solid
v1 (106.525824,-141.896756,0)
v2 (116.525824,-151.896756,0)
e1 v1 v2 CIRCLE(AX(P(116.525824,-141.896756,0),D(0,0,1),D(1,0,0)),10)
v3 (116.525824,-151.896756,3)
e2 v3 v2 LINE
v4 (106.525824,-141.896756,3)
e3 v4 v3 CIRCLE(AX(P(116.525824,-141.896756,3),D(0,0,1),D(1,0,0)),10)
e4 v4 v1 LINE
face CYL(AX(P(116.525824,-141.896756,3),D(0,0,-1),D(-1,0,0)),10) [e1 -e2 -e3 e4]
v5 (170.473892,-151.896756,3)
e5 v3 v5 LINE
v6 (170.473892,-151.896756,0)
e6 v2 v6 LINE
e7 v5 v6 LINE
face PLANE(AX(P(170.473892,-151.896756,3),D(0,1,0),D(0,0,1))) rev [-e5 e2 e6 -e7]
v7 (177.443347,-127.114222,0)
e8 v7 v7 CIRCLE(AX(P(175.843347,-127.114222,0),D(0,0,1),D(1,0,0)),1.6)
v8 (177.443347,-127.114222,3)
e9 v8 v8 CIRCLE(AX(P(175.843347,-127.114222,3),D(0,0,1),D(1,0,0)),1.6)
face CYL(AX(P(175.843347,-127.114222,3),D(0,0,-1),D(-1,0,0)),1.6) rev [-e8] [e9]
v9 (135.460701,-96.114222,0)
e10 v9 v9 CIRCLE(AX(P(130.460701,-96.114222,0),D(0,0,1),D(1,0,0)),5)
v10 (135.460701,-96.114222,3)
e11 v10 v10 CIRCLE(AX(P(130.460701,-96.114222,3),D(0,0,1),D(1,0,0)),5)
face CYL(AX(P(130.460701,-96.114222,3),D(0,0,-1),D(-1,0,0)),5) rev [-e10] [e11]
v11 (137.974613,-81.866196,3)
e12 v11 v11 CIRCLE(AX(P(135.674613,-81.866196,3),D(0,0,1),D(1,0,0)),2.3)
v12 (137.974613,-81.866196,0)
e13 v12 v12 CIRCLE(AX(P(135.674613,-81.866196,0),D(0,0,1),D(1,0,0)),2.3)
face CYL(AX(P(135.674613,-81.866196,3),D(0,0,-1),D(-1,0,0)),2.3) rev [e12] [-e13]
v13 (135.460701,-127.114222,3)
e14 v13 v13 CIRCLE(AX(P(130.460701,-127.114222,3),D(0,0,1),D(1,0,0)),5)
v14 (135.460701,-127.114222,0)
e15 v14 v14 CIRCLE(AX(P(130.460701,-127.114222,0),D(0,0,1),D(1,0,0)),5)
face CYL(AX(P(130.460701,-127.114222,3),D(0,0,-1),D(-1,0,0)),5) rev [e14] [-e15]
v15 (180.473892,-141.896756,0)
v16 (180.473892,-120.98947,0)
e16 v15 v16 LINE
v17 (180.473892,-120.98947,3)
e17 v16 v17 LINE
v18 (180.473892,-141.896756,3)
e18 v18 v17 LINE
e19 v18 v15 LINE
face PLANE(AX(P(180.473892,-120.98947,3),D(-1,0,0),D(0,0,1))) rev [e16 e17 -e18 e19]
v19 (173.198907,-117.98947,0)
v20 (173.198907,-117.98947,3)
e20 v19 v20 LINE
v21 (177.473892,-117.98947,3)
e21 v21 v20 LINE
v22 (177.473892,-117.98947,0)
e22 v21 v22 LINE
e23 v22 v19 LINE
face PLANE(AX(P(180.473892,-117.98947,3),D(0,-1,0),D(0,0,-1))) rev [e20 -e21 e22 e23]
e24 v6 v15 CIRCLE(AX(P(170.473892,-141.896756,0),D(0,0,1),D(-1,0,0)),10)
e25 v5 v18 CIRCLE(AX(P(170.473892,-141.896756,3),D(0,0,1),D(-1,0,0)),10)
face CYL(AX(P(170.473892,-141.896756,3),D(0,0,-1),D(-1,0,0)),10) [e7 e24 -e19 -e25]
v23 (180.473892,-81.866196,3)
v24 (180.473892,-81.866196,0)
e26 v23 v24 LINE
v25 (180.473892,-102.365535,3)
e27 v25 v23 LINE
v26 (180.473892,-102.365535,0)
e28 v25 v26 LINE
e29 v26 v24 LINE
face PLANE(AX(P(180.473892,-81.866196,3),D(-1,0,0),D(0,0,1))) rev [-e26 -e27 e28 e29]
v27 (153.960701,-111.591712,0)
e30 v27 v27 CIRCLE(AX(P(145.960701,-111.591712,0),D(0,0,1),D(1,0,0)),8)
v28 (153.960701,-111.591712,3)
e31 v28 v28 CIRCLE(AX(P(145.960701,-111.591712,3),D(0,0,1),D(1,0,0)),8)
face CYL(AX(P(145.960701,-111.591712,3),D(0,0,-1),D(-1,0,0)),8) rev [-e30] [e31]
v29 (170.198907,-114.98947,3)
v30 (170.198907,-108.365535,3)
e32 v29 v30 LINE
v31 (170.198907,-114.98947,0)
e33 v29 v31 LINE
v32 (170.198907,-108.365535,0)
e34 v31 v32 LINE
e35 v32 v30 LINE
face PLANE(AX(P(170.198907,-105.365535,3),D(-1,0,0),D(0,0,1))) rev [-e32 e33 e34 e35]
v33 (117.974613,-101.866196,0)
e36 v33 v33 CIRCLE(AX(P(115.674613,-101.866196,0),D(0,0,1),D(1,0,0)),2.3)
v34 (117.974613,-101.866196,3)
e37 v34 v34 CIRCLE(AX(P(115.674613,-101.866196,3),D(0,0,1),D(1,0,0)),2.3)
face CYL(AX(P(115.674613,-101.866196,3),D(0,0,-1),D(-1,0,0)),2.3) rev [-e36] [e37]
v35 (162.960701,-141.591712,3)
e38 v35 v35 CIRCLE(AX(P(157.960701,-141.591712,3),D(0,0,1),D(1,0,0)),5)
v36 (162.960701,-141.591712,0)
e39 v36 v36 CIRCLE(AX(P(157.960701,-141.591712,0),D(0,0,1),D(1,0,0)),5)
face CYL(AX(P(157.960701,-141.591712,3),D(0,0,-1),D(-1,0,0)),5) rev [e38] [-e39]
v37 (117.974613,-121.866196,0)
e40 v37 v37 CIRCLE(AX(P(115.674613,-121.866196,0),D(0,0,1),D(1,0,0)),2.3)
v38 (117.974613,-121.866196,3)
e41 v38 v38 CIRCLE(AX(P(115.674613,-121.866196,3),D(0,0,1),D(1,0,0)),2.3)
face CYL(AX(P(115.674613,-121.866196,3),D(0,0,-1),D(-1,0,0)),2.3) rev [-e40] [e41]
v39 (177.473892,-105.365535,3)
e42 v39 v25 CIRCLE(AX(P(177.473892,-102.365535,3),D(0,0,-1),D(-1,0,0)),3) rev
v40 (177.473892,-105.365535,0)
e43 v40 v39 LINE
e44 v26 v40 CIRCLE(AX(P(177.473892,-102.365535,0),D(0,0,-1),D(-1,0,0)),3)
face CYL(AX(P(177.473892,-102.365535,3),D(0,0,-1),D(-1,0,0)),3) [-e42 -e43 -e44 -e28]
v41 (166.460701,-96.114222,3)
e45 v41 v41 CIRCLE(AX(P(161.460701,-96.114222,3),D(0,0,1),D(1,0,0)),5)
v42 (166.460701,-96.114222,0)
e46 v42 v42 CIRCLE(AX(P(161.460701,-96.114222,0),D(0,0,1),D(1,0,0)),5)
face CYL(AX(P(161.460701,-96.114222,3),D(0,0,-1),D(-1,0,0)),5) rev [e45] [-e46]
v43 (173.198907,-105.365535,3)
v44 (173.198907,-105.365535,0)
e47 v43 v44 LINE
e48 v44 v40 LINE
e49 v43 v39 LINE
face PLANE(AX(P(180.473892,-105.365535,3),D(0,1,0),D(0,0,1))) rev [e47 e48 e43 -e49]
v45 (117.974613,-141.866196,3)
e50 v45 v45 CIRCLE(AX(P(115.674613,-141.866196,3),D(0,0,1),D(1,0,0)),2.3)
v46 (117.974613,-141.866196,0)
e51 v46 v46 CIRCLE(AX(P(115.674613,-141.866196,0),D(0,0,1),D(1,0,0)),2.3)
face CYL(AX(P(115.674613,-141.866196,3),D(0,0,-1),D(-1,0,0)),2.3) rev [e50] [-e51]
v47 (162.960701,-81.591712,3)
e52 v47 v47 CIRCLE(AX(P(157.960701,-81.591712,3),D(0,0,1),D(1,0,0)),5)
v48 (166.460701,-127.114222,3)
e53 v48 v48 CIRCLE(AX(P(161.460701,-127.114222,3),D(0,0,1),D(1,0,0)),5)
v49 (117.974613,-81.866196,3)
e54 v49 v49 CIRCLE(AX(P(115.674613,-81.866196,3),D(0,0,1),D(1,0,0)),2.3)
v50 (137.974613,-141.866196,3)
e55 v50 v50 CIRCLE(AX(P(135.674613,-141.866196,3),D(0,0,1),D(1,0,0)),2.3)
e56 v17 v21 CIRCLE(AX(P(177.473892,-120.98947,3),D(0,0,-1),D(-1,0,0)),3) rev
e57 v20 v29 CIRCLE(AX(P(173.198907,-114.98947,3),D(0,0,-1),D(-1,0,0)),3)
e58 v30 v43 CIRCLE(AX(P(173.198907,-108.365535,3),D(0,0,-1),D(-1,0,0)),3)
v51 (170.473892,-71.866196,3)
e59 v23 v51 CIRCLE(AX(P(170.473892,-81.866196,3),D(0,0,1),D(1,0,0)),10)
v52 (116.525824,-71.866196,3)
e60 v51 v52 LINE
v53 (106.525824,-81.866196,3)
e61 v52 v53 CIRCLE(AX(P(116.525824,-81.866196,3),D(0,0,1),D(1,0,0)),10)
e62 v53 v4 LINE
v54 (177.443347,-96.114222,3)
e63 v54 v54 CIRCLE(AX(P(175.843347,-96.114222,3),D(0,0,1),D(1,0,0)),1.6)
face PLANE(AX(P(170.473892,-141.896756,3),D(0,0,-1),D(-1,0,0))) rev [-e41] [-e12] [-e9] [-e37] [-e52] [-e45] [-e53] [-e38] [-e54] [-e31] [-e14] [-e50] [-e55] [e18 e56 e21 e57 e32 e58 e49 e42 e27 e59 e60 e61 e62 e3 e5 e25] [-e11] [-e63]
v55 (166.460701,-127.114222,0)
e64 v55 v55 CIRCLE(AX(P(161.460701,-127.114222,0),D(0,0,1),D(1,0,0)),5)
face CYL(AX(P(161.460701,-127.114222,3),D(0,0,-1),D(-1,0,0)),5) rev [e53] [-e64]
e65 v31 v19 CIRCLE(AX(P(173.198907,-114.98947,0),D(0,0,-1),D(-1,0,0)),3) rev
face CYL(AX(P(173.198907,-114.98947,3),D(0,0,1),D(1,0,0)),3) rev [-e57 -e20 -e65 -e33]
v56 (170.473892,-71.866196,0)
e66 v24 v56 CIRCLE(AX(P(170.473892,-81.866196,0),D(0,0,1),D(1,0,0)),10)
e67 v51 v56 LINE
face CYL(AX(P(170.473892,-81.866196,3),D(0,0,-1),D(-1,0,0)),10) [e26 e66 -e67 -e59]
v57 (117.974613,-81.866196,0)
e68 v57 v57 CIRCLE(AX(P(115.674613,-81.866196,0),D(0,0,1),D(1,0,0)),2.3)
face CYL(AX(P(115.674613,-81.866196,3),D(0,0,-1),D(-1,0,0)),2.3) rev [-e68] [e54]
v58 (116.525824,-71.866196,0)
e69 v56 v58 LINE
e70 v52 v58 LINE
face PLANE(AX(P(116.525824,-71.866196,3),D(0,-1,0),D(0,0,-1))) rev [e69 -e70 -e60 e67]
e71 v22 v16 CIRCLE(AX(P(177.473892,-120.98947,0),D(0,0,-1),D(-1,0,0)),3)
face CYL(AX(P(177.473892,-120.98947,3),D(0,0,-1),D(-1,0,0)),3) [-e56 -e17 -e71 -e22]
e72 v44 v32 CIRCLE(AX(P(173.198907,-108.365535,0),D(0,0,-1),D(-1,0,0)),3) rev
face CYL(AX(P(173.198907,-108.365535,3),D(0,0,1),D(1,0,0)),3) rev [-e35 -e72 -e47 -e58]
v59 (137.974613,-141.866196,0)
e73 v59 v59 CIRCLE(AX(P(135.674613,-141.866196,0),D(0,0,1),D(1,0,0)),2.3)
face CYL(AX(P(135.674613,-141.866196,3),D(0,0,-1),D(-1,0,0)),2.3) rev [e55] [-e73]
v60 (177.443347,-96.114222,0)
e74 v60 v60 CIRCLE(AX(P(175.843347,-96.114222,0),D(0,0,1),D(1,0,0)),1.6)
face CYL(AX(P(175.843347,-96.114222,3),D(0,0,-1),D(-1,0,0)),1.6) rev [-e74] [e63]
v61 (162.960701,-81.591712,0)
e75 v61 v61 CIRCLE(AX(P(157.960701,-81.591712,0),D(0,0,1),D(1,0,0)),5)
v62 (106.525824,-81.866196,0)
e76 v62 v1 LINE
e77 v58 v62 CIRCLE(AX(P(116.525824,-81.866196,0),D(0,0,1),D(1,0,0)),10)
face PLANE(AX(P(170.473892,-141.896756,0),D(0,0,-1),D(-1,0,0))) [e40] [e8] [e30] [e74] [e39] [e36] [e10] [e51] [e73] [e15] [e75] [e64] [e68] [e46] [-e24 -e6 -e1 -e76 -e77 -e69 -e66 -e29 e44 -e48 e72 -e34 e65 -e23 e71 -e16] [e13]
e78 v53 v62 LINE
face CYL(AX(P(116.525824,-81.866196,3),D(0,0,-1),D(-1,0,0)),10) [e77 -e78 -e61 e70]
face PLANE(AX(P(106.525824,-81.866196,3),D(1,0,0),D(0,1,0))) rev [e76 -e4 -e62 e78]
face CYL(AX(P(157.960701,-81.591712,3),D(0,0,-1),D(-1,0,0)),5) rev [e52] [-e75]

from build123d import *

# Parameters (mm, degrees)
SKETCH1_R           = 2.3
SKETCH1_R_2         = 5
SKETCH1_R_3         = 8
SKETCH1_R_4         = 1.6
BOSS_EXTRUDE1_DEPTH = 3
FILLET1_R           = 3


with BuildPart() as part:
    # Sketch1 → Boss-Extrude1 (new body)
    with BuildSketch(Plane.XY):
        with BuildLine():
            Line((157.960700719, -71.866196008), (170.473892307, -71.866196008))
            ThreePointArc((170.473892307, -71.866196008), (177.544960119, -74.795128196), (180.473892307, -81.866196008))
            Line((180.473892307, -81.866196008), (180.473892307, -102.365535019))
            Line((180.473892307, -102.365535019), (180.473892307, -105.365535019))
            Line((180.473892307, -105.365535019), (170.198907285, -105.365535019))
            Line((170.198907285, -105.365535019), (170.198907285, -117.989469864))
            Line((170.198907285, -117.989469864), (180.473892307, -117.989469864))
            Line((180.473892307, -117.989469864), (180.473892307, -120.989469864))
            Line((180.473892307, -120.989469864), (180.473892307, -141.896756479))
            ThreePointArc((180.473892307, -141.896756479), (177.544960119, -148.967824291), (170.473892307, -151.896756479))
            Line((170.473892307, -151.896756479), (157.960700719, -151.896756479))
            Line((157.960700719, -151.896756479), (116.525823666, -151.896756479))
            ThreePointArc((116.525823666, -151.896756479), (109.454755854, -148.967824291), (106.525823666, -141.896756479))
            Line((106.525823666, -141.896756479), (106.525823666, -81.866196008))
            ThreePointArc((106.525823666, -81.866196008), (109.454755854, -74.795128196), (116.525823666, -71.866196008))
            Line((116.525823666, -71.866196008), (157.960700719, -71.866196008))
        make_face()
        with Locations((115.674612816, -101.866196008)):
            Circle(SKETCH1_R, mode=Mode.SUBTRACT)
        with Locations((115.674612816, -121.866196008)):
            Circle(SKETCH1_R, mode=Mode.SUBTRACT)
        with Locations((135.674612816, -141.866196008)):
            Circle(SKETCH1_R, mode=Mode.SUBTRACT)
        with Locations((135.674612816, -81.866196008)):
            Circle(SKETCH1_R, mode=Mode.SUBTRACT)
        with Locations((115.674612816, -81.866196008)):
            Circle(SKETCH1_R, mode=Mode.SUBTRACT)
        with Locations((115.674612816, -141.866196008)):
            Circle(SKETCH1_R, mode=Mode.SUBTRACT)
        with Locations((161.460700719, -96.114221831)):
            Circle(SKETCH1_R_2, mode=Mode.SUBTRACT)
        with Locations((161.460700719, -127.114221831)):
            Circle(SKETCH1_R_2, mode=Mode.SUBTRACT)
        with Locations((130.460700719, -96.114221831)):
            Circle(SKETCH1_R_2, mode=Mode.SUBTRACT)
        with Locations((145.960700719, -111.591712302)):
            Circle(SKETCH1_R_3, mode=Mode.SUBTRACT)
        with Locations((175.843347401, -96.114221831)):
            Circle(SKETCH1_R_4, mode=Mode.SUBTRACT)
        with Locations((157.960700719, -81.591712302)):
            Circle(SKETCH1_R_2, mode=Mode.SUBTRACT)
        with Locations((157.960700719, -141.591712302)):
            Circle(SKETCH1_R_2, mode=Mode.SUBTRACT)
        with Locations((175.843347401, -127.114221831)):
            Circle(SKETCH1_R_4, mode=Mode.SUBTRACT)
        with Locations((130.460700719, -127.114221831)):
            Circle(SKETCH1_R_2, mode=Mode.SUBTRACT)
    extrude(amount=BOSS_EXTRUDE1_DEPTH)

    # Fillet1
    fillet1_edges = [part.edges().sort_by_distance(p)[0] for p in [
        (180.473892307, -105.365535019, 1.5),
        (170.198907285, -105.365535019, 1.5),
        (170.198907285, -117.989469864, 1.5),
        (180.473892307, -117.989469864, 1.5),
    ]]
    fillet(fillet1_edges, radius=FILLET1_R)


solid = part.part
